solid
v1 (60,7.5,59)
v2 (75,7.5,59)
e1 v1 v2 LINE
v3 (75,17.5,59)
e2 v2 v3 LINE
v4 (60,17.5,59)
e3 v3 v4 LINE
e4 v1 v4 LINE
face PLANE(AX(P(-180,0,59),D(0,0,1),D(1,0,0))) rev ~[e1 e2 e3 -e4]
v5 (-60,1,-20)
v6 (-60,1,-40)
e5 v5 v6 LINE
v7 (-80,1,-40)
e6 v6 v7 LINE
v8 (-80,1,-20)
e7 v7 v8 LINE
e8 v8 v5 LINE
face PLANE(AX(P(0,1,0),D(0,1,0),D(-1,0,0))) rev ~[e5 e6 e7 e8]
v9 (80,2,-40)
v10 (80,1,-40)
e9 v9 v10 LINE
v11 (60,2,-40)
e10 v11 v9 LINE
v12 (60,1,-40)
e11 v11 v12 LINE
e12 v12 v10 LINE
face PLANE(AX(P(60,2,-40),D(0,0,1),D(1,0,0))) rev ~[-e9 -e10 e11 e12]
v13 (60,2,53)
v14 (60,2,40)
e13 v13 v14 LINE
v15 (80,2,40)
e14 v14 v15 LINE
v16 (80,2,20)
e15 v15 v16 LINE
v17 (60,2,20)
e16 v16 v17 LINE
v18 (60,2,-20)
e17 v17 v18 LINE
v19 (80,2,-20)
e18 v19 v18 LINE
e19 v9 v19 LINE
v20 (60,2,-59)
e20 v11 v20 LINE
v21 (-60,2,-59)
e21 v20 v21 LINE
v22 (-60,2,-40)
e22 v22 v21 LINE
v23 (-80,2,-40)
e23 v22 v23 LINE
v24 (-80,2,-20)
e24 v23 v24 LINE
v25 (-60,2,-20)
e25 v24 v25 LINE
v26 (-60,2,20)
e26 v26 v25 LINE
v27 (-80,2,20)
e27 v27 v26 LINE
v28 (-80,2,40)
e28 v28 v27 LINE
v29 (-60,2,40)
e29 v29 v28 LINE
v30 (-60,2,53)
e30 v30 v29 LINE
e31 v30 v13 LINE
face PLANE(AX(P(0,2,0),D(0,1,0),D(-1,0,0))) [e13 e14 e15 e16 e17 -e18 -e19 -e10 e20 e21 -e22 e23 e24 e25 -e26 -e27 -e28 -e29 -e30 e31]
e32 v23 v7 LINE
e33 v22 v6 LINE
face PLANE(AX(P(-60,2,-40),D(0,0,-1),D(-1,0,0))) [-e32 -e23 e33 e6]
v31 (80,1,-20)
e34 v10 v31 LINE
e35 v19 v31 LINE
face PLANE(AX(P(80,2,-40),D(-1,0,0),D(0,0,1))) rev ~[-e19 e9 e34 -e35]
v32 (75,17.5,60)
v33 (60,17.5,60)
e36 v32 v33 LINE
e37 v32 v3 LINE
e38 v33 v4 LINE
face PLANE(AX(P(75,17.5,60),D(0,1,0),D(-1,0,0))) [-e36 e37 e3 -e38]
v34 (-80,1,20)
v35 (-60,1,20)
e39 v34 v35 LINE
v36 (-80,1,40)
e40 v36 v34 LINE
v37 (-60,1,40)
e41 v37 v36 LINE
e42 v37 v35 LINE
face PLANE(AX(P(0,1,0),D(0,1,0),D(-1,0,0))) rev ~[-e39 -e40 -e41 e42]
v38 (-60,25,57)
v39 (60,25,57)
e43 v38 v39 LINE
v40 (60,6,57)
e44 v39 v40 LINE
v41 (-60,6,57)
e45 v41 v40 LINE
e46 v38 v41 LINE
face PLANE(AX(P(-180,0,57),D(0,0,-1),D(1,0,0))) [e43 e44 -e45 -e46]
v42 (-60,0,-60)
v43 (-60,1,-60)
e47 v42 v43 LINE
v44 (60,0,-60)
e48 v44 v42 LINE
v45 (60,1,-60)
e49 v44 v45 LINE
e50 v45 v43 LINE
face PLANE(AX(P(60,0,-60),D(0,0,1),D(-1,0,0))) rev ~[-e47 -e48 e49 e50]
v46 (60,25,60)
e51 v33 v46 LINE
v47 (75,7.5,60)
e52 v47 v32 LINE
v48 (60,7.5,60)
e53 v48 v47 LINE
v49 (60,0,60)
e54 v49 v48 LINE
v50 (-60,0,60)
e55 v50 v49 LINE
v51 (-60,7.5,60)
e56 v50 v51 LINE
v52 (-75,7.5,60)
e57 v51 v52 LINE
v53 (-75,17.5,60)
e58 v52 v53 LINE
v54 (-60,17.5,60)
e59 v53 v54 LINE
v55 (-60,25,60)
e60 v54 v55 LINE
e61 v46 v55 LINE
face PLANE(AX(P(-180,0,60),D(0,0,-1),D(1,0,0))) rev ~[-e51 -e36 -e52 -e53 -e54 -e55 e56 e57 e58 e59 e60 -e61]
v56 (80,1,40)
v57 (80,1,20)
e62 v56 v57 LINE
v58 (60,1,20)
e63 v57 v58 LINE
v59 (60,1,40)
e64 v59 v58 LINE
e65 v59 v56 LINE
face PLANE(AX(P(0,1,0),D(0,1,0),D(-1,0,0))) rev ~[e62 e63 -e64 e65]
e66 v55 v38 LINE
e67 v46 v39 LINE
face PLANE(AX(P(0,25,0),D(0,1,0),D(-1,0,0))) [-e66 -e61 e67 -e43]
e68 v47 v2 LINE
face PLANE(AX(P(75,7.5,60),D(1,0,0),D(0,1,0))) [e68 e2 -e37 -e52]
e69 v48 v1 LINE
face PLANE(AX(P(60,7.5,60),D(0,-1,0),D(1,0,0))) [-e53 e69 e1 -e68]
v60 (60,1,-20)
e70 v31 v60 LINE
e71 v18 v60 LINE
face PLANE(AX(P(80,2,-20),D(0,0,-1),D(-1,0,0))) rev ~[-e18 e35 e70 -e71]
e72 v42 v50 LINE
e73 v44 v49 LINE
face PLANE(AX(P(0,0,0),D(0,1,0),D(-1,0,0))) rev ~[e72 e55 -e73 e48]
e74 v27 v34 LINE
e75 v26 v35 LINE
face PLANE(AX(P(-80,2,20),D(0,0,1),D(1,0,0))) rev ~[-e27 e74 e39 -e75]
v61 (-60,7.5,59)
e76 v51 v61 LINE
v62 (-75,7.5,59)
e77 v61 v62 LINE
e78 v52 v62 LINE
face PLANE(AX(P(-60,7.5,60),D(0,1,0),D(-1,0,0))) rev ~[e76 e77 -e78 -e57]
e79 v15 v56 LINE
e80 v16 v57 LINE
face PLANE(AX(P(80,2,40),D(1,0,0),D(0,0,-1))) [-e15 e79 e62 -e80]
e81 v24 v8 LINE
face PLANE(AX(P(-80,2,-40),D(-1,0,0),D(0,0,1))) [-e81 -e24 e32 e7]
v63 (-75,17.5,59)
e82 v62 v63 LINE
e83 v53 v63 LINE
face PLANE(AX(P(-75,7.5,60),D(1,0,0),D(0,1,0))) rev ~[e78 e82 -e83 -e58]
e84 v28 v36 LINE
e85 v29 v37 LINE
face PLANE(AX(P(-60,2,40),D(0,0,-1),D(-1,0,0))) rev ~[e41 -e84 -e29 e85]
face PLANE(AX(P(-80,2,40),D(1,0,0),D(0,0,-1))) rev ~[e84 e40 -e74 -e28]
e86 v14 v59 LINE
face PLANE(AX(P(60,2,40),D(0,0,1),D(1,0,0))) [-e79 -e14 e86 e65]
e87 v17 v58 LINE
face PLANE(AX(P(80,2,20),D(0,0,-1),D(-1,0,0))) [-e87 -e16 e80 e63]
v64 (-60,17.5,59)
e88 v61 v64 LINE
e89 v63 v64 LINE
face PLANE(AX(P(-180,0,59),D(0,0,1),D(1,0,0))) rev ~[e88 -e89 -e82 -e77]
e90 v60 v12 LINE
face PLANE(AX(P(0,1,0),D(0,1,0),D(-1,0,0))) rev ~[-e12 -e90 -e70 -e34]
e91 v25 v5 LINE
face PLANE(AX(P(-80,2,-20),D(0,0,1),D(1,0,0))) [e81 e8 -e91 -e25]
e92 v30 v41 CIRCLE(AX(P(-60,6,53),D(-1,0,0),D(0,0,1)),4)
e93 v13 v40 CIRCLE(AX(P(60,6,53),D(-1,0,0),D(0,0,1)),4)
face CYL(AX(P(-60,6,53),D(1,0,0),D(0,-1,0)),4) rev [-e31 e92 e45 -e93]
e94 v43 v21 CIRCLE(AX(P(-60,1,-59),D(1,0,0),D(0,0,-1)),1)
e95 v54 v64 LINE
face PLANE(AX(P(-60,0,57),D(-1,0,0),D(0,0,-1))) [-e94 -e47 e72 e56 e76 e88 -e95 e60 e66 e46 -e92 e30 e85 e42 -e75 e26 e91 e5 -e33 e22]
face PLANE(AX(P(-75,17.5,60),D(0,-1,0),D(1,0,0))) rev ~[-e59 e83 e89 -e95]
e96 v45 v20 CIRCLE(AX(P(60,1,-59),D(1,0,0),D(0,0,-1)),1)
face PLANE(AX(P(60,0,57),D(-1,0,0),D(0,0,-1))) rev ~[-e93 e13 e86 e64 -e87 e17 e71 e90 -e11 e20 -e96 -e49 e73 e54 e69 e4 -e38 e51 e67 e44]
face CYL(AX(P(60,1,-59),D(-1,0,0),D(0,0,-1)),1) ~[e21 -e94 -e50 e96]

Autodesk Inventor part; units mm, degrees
ref_plane "YZ Plane" through (0, 0, 0) normal (1, 0, 0) x (0, 1, 0)
ref_plane "XZ Plane" through (0, 0, 0) normal (0, 1, 0) x (-1, 0, 0)
ref_plane "XY Plane" through (0, 0, 0) normal (0, 0, 1) x (1, 0, 0)
sketch "スケッチ1" plane through (0, 0, 0) normal (0, 1, 0) x (-1, 0, 0)
  line L0 (180, 60) -> (-180, 60)
  line L1 (-180, 60) -> (-180, -60)
  line L2 (-180, -60) -> (180, -60)
  line L3 (180, -60) -> (180, 60)
  line L4 (180, 60) -> (-180, -60) construction
  line L5 (-180, 60) -> (180, -60) construction
  line L6 (180, 57) -> (-180, 57)
  line L7 (-60, 60) -> (-60, -60)
  line L8 (-60, 40) -> (-80, 40)
  line L9 (-80, 40) -> (-80, 20)
  line L10 (-80, 20) -> (-60, 20)
  line L11 (252, 0) -> (-252, 0) construction
  line L12 (-60, -40) -> (-80, -40)
  line L13 (-80, -40) -> (-80, -20)
  line L14 (-80, -20) -> (-60, -20)
  line L15 (0, -84) -> (0, 84) construction
  line L16 (60, 60) -> (60, -60)
  line L17 (60, 40) -> (80, 40)
  line L18 (80, 40) -> (80, 20)
  line L19 (80, 20) -> (60, 20)
  line L20 (60, -40) -> (80, -40)
  line L21 (80, -20) -> (60, -20)
  line L22 (80, -40) -> (80, -20)
  line L23 (-60, 19.7) -> (-80.3, 19.7)
  line L24 (-80.3, 19.7) -> (-80.3, 40.3)
  line L25 (-80.3, 40.3) -> (-60, 40.3)
  line L26 (-60, -19.7) -> (-80.3, -19.7)
  line L27 (-80.3, -19.7) -> (-80.3, -40.3)
  line L28 (-80.3, -40.3) -> (-60, -40.3)
  line L29 (60, 19.7) -> (80.3, 19.7)
  line L30 (80.3, 19.7) -> (80.3, 40.3)
  line L31 (80.3, 40.3) -> (60, 40.3)
  line L32 (60, -19.7) -> (80.3, -19.7)
  line L33 (80.3, -19.7) -> (80.3, -40.3)
  line L34 (80.3, -40.3) -> (60, -40.3)
  point P0 (0, 0)
  point P1 (60, 57)
  point P2 (-60, 57)
  dimension "d0" = 120
  dimension "d1" = 360
  dimension "d4" = 3
  dimension "d5" = 120
  dimension "d7" = 20
  dimension "d8" = 20
  dimension "d9" = 20
  dimension "d10" = 0.3
  dimension "d11" = 0.3
extrude "押し出し3" add sketch "スケッチ1" along normal blind 25 contours L3 L6 L16 L0 | L16 L6 L7 L0 | L7 L6 L1 L0
sketch "スケッチ2" plane through (-180, 0, 60) normal (0, 0, 1) x (1, 0, 0)
  line L0 (0, 0) -> (360, 0) projected
  line L1 (360, 0) -> (360, 25) projected
  line L2 (0, 25) -> (360, 25) projected
  line L3 (0, 0) -> (0, 25) projected
  line L4 (240, 0) -> (240, 25)
  line L5 (240, 7.5) -> (255, 7.5)
  line L6 (255, 7.5) -> (255, 17.5)
  line L7 (255, 17.5) -> (240, 17.5)
  line L8 (180, -5) -> (180, 30) construction
  line L9 (120, 0) -> (120, 25)
  line L10 (120, 7.5) -> (105, 7.5)
  line L11 (105, 7.5) -> (105, 17.5)
  line L12 (105, 17.5) -> (120, 17.5)
  line L13 (240, 17.9) -> (255.4, 17.9)
  line L14 (255.4, 17.9) -> (255.4, 7.1)
  line L15 (255.4, 7.1) -> (240, 7.1)
  line L16 (120, 17.9) -> (104.6, 17.9)
  line L17 (104.6, 17.9) -> (104.6, 7.1)
  line L18 (104.6, 7.1) -> (120, 7.1)
  point P0 (180, 0)
  point P1 (360, 12.5)
  dimension "d16" = 120
  dimension "d17" = 10
  dimension "d18" = 15
  dimension "d19" = 7.5
  dimension "d24" = 0.4
extrude "押し出し6" add sketch "スケッチ1" along normal blind 2 contours L16 L2 L7 L6
extrude "押し出し7" add sketch "スケッチ1" against normal blind 1 from surface at 2 contours L17 L18 L19 L16 | L7 L10 L9 L8 | L16 L21 L22 L20 | L12 L13 L14 L7
extrude "押し出し8" cut sketch "スケッチ2" against normal up to surface (3 mm away) contours L3 L2 L9 L16 L17 L18 L0 | L4 L15 L14 L13 L2 L1 L0 | L18 L17 L16 L9 L12 L11 L10 | L4 L5 L6 L7 L13 L14 L15 | L10 L11 L12 L9 | L4 L7 L6 L5
fillet "フィレット2" radius 1 1 edges at (0, 2, -60)
extrude "押し出し9" add sketch "スケッチ2" against normal blind 1 contours L10 L11 L12 L9 | L4 L7 L6 L5
fillet "フィレット3" radius 4 1 edges at (0, 2, 57)
properties part number "protectar1"
